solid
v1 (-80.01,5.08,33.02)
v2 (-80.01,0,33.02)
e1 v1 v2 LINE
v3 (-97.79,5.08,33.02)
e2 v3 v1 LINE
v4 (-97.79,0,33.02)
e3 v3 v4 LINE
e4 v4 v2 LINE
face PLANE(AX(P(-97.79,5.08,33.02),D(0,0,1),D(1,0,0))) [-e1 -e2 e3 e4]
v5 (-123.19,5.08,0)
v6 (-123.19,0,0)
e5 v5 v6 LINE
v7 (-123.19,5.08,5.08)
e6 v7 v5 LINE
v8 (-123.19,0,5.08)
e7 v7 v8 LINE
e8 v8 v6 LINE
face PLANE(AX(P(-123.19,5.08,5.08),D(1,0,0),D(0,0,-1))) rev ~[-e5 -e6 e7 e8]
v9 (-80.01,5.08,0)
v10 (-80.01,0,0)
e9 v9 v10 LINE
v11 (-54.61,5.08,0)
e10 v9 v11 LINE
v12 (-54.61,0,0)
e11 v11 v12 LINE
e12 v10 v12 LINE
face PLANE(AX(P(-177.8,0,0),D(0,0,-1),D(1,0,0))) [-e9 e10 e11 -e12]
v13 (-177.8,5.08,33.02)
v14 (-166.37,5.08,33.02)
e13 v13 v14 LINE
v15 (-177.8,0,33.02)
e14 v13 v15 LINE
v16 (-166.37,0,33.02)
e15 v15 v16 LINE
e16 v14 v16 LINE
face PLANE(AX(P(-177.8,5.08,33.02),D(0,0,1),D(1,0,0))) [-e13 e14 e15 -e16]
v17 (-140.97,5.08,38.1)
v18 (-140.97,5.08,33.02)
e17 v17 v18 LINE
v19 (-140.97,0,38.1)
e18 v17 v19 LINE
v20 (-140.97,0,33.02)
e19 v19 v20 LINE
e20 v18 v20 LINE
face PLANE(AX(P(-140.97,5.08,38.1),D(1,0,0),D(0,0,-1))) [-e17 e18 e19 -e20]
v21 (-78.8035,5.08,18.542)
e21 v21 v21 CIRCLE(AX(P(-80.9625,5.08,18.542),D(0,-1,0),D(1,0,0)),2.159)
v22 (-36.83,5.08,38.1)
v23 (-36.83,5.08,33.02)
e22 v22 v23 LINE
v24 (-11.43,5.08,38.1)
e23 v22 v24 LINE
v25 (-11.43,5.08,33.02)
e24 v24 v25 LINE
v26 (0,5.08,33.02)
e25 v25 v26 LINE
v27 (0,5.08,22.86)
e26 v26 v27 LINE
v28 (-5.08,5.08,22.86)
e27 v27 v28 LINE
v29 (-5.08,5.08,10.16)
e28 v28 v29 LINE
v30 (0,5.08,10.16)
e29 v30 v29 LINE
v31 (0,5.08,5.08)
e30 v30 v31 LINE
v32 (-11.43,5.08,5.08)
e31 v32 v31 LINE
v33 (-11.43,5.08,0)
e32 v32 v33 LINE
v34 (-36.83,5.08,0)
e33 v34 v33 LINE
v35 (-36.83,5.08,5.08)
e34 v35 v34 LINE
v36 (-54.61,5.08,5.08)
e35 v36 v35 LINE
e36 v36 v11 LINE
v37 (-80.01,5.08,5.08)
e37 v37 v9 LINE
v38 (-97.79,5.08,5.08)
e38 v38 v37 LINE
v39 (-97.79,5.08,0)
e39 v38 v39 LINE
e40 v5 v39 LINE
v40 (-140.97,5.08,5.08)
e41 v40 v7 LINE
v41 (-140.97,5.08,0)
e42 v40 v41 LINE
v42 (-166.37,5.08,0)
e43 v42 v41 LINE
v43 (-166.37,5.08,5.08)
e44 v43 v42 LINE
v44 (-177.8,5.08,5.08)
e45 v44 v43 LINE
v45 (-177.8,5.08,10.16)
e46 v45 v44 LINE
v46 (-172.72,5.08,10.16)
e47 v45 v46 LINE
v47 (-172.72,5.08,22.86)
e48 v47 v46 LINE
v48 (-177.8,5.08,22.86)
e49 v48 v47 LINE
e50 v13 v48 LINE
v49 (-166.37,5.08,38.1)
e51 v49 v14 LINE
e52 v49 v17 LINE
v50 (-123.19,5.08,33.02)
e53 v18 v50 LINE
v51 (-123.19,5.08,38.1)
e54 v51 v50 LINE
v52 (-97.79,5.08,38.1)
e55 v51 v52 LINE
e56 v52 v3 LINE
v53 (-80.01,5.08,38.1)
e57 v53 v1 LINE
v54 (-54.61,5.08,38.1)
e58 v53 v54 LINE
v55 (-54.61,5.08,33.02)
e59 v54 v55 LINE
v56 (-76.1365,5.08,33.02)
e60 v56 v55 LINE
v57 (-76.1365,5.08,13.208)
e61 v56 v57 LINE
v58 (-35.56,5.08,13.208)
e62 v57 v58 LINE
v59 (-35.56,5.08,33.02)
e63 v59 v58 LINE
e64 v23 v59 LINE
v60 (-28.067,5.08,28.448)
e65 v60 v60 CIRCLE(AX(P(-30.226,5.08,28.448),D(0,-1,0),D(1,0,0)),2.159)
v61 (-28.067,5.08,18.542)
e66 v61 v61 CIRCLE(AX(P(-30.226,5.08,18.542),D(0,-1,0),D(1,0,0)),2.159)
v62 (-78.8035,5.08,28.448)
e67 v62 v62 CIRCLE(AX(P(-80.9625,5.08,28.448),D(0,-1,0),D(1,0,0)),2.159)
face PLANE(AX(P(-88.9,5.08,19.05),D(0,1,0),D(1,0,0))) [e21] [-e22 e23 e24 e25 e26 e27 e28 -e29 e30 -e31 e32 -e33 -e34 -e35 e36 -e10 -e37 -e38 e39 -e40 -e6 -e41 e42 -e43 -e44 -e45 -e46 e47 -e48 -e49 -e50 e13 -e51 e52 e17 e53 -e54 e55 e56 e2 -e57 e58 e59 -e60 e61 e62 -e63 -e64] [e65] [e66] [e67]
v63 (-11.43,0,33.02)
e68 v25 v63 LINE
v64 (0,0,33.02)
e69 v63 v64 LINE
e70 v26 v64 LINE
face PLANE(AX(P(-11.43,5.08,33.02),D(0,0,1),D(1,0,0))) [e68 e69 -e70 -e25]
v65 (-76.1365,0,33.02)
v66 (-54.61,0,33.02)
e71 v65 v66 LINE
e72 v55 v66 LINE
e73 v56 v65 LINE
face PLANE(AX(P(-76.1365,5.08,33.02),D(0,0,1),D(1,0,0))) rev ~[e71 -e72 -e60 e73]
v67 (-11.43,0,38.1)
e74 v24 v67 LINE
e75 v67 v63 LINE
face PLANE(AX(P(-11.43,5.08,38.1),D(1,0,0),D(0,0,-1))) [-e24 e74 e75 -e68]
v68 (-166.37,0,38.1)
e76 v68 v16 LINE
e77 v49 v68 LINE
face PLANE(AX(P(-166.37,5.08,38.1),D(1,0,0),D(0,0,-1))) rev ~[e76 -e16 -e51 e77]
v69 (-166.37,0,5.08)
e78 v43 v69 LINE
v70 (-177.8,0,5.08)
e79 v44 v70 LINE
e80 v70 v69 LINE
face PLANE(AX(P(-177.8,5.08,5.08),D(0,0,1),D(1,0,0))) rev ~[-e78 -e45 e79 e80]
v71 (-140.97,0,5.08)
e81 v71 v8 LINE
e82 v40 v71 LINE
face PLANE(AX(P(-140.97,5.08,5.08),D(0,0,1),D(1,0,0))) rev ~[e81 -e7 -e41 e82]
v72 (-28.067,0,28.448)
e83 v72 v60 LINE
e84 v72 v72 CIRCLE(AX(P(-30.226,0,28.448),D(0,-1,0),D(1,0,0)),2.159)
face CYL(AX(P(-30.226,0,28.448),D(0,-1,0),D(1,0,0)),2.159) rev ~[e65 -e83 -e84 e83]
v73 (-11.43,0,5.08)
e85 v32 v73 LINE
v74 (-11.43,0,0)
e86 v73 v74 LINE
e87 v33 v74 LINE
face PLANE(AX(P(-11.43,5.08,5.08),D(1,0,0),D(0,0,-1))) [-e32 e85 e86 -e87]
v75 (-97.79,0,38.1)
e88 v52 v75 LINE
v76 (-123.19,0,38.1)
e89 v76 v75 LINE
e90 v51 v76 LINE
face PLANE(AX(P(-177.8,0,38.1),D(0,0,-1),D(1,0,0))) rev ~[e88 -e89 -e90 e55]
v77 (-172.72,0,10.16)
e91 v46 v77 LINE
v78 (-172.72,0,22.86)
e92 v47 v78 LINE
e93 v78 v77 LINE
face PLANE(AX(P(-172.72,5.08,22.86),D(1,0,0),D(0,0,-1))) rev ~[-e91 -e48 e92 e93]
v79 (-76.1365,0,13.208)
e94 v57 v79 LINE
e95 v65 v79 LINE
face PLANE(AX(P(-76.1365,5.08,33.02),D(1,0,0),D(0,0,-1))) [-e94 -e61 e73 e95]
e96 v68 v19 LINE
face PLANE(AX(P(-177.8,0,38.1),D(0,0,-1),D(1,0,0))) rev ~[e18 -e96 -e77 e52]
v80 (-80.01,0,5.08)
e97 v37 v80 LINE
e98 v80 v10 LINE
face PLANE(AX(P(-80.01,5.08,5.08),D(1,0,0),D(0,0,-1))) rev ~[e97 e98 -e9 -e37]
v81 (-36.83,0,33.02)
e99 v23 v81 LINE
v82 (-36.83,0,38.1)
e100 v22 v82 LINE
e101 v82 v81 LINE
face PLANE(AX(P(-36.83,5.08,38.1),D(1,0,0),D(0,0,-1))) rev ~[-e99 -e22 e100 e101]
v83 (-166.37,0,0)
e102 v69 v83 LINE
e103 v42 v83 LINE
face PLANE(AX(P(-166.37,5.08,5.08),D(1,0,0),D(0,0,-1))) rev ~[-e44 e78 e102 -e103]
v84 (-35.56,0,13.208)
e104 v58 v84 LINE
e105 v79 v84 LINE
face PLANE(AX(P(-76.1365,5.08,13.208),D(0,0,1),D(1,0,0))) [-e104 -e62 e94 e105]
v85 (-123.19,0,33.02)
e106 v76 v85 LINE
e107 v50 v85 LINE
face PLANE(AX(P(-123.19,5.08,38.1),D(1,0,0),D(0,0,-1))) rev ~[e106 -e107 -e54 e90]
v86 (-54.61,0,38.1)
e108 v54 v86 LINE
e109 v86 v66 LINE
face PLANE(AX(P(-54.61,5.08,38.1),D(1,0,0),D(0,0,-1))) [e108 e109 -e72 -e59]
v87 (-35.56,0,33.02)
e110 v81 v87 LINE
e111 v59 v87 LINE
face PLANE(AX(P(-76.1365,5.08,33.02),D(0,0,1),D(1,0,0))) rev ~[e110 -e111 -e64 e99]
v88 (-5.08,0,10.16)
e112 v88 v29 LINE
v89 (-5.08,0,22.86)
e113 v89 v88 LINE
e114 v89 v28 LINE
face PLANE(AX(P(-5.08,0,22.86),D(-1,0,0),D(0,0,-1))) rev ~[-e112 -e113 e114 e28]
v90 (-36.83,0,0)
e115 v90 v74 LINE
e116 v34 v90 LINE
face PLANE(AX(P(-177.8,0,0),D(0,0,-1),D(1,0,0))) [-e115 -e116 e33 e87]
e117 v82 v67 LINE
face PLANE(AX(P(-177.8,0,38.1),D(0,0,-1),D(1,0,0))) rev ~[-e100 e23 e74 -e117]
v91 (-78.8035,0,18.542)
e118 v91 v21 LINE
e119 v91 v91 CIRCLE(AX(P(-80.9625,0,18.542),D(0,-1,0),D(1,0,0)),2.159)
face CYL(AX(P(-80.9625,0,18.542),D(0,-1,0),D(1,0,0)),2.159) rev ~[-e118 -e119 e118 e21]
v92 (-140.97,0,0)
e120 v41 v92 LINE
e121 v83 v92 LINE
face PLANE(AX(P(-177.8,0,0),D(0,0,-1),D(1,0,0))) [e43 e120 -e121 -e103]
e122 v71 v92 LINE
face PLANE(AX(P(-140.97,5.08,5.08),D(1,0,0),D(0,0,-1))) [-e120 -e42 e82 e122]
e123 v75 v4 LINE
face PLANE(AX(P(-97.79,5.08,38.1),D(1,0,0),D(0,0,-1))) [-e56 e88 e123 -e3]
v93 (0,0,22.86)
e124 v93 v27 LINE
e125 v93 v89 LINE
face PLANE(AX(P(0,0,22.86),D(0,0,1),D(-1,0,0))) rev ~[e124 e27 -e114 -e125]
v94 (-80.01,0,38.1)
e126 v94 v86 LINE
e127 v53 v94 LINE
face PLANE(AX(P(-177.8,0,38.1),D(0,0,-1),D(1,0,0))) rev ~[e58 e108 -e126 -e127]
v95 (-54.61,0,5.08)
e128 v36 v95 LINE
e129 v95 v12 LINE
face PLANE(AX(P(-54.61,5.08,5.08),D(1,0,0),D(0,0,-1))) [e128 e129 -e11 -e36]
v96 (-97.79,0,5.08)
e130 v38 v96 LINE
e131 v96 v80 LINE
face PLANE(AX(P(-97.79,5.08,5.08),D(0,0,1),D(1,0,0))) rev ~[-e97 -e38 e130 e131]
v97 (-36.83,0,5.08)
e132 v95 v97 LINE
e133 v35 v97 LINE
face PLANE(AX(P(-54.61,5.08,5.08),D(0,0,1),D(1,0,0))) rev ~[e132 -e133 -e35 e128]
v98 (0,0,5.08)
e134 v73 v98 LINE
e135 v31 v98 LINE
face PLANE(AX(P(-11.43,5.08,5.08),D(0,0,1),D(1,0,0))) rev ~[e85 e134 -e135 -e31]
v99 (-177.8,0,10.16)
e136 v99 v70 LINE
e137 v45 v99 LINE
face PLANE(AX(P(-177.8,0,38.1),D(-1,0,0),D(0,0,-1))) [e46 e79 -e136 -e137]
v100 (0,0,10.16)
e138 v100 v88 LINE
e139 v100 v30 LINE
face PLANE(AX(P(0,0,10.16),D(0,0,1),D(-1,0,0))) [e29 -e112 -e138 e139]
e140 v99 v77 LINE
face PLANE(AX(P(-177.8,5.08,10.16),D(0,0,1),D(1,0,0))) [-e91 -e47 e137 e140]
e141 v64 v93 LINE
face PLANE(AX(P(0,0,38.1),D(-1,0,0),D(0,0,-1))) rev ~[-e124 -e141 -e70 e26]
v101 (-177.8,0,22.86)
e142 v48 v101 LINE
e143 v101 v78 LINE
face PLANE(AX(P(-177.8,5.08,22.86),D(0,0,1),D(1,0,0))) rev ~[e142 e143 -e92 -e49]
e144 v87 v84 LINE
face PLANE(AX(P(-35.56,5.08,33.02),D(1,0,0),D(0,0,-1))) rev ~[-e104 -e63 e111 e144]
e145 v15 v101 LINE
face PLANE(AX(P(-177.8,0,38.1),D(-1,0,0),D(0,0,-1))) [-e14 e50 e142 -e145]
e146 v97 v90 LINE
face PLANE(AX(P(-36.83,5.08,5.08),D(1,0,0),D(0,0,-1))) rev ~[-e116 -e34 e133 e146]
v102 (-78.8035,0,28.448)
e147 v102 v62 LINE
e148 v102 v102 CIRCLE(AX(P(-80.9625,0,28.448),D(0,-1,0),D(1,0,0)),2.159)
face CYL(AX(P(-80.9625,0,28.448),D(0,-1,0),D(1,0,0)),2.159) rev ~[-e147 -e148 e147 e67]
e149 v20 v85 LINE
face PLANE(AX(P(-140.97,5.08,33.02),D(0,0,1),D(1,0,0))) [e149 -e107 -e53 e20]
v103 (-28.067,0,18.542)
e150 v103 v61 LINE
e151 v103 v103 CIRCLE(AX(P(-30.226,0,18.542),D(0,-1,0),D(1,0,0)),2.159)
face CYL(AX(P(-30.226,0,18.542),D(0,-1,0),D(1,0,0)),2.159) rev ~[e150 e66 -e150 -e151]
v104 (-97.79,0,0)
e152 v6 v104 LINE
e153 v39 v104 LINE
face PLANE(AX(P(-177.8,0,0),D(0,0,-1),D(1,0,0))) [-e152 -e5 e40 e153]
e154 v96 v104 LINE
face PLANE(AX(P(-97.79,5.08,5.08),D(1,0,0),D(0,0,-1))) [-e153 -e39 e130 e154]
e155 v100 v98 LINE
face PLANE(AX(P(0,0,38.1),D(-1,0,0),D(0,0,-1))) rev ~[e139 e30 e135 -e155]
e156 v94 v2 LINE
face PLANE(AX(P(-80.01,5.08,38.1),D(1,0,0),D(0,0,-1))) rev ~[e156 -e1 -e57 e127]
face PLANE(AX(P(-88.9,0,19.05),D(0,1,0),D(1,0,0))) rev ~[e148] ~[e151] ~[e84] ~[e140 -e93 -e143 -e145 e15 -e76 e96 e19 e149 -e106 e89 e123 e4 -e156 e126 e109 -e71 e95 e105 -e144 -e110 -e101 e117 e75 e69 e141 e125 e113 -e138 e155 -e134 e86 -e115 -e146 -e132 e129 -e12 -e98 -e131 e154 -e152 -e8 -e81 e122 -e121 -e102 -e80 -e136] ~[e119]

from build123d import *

# Parameters (mm, degrees)
SKETCH1_W           = 177.8
SKETCH1_H           = 38.1
BOSS_EXTRUDE1_DEPTH = 5.08
SKETCH2_W           = 11.43
SKETCH2_H           = 5.08
CUT_EXTRUDE1_DEPTH  = 5.08
SKETCH3_W           = 11.43
SKETCH3_H           = 5.08
CUT_EXTRUDE2_DEPTH  = 5.08
SKETCH4_W           = 17.78
SKETCH4_H           = 5.08
CUT_EXTRUDE3_DEPTH  = 5.08
LPATTERN1_COUNT     = 3
LPATTERN1_PITCH     = 43.18
SKETCH5_W           = 40.5765
SKETCH5_H           = 19.812
CUT_EXTRUDE4_DEPTH  = 5.08
SKETCH6_W           = 5.08
SKETCH6_H           = 12.7
CUT_EXTRUDE5_DEPTH  = 5.08
SKETCH7_W           = 11.43
SKETCH7_H           = 5.08
SKETCH7_W_2         = 17.78
CUT_EXTRUDE6_DEPTH  = 5.08
SKETCH8_W           = 17.78
SKETCH8_H           = 5.08
CUT_EXTRUDE7_DEPTH  = 5.08
LPATTERN2_COUNT     = 2
LPATTERN2_PITCH     = 43.18
SKETCH9_W           = 5.08
SKETCH9_H           = 12.7
CUT_EXTRUDE8_DEPTH  = 5.08
SKETCH10_R          = 2.159
CUT_EXTRUDE9_DEPTH  = 5.08


with BuildPart() as part:
    # Sketch1 → Boss-Extrude1 (new body)
    with BuildSketch(Plane(origin=(0, 0, 0), x_dir=(1, 0, 0), z_dir=(0, 1, 0))):
        with Locations((-88.9, -19.05)):
            Rectangle(SKETCH1_W, SKETCH1_H)
    extrude(amount=BOSS_EXTRUDE1_DEPTH)

    # Sketch2 → Cut-Extrude1 (cut)
    with BuildSketch(Plane(origin=(0, 5.08, 0), x_dir=(1, 0, 0), z_dir=(0, 1, 0))):
        with Locations((-172.085, -35.56)):
            Rectangle(SKETCH2_W, SKETCH2_H)
    extrude(amount=-CUT_EXTRUDE1_DEPTH, mode=Mode.SUBTRACT)

    # Sketch3 → Cut-Extrude2 (cut)
    with BuildSketch(Plane(origin=(0, 5.08, 0), x_dir=(1, 0, 0), z_dir=(0, 1, 0))):
        with Locations((-5.715, -35.56)):
            Rectangle(SKETCH3_W, SKETCH3_H)
    extrude(amount=-CUT_EXTRUDE2_DEPTH, mode=Mode.SUBTRACT)

    # Sketch4 → Cut-Extrude3 (cut)
    with BuildSketch(Plane(origin=(0, 5.08, 0), x_dir=(1, 0, 0), z_dir=(0, 1, 0))):
        with Locations((-132.08, -35.56)):
            Rectangle(SKETCH4_W, SKETCH4_H)
    cut_extrude3 = extrude(amount=-CUT_EXTRUDE3_DEPTH, mode=Mode.SUBTRACT)

    # LPattern1: Cut-Extrude3 ×3
    with Locations(*[(i * LPATTERN1_PITCH, 0, 0) for i in range(1, LPATTERN1_COUNT)]):
        add(cut_extrude3, mode=Mode.SUBTRACT)

    # Sketch5 → Cut-Extrude4 (cut)
    with BuildSketch(Plane(origin=(0, 5.08, 0), x_dir=(1, 0, 0), z_dir=(0, 1, 0))):
        with Locations((-55.84825, -23.114)):
            Rectangle(SKETCH5_W, SKETCH5_H)
    extrude(amount=-CUT_EXTRUDE4_DEPTH, mode=Mode.SUBTRACT)

    # Sketch6 → Cut-Extrude5 (cut)
    with BuildSketch(Plane(origin=(0, 0, 0), x_dir=(-1, 0, 0), z_dir=(0, -1, 0))):
        with Locations((2.54, -16.51)):
            Rectangle(SKETCH6_W, SKETCH6_H)
    extrude(amount=-CUT_EXTRUDE5_DEPTH, mode=Mode.SUBTRACT)

    # Sketch7 → Cut-Extrude6 (cut)
    with BuildSketch(Plane(origin=(0, 5.08, 0), x_dir=(1, 0, 0), z_dir=(0, 1, 0))):
        with Locations((-172.085, -2.54)):
            Rectangle(SKETCH7_W, SKETCH7_H)
        with Locations((-132.08, -2.54)):
            Rectangle(SKETCH7_W_2, SKETCH7_H)
        with Locations((-5.715, -2.54)):
            Rectangle(SKETCH7_W, SKETCH7_H)
    extrude(amount=-CUT_EXTRUDE6_DEPTH, mode=Mode.SUBTRACT)

    # Sketch8 → Cut-Extrude7 (cut)
    with BuildSketch(Plane(origin=(0, 5.08, 0), x_dir=(1, 0, 0), z_dir=(0, 1, 0))):
        with Locations((-88.9, -2.54)):
            Rectangle(SKETCH8_W, SKETCH8_H)
    cut_extrude7 = extrude(amount=-CUT_EXTRUDE7_DEPTH, mode=Mode.SUBTRACT)

    # LPattern2: Cut-Extrude7 ×2
    with Locations(*[(i * LPATTERN2_PITCH, 0, 0) for i in range(1, LPATTERN2_COUNT)]):
        add(cut_extrude7, mode=Mode.SUBTRACT)

    # Sketch9 → Cut-Extrude8 (cut)
    with BuildSketch(Plane(origin=(0, 5.08, 0), x_dir=(1, 0, 0), z_dir=(0, 1, 0))):
        with Locations((-175.26, -16.51)):
            Rectangle(SKETCH9_W, SKETCH9_H)
    extrude(amount=-CUT_EXTRUDE8_DEPTH, mode=Mode.SUBTRACT)

    # Sketch10 → Cut-Extrude9 (cut)
    with BuildSketch(Plane.XZ):
        with Locations((-80.9625, 18.542)):
            Circle(SKETCH10_R)
        with Locations((-80.9625, 28.448)):
            Circle(SKETCH10_R)
        with Locations((-30.226, 28.448)):
            Circle(SKETCH10_R)
        with Locations((-30.226, 18.542)):
            Circle(SKETCH10_R)
    extrude(amount=-CUT_EXTRUDE9_DEPTH, mode=Mode.SUBTRACT)


solid = part.part
